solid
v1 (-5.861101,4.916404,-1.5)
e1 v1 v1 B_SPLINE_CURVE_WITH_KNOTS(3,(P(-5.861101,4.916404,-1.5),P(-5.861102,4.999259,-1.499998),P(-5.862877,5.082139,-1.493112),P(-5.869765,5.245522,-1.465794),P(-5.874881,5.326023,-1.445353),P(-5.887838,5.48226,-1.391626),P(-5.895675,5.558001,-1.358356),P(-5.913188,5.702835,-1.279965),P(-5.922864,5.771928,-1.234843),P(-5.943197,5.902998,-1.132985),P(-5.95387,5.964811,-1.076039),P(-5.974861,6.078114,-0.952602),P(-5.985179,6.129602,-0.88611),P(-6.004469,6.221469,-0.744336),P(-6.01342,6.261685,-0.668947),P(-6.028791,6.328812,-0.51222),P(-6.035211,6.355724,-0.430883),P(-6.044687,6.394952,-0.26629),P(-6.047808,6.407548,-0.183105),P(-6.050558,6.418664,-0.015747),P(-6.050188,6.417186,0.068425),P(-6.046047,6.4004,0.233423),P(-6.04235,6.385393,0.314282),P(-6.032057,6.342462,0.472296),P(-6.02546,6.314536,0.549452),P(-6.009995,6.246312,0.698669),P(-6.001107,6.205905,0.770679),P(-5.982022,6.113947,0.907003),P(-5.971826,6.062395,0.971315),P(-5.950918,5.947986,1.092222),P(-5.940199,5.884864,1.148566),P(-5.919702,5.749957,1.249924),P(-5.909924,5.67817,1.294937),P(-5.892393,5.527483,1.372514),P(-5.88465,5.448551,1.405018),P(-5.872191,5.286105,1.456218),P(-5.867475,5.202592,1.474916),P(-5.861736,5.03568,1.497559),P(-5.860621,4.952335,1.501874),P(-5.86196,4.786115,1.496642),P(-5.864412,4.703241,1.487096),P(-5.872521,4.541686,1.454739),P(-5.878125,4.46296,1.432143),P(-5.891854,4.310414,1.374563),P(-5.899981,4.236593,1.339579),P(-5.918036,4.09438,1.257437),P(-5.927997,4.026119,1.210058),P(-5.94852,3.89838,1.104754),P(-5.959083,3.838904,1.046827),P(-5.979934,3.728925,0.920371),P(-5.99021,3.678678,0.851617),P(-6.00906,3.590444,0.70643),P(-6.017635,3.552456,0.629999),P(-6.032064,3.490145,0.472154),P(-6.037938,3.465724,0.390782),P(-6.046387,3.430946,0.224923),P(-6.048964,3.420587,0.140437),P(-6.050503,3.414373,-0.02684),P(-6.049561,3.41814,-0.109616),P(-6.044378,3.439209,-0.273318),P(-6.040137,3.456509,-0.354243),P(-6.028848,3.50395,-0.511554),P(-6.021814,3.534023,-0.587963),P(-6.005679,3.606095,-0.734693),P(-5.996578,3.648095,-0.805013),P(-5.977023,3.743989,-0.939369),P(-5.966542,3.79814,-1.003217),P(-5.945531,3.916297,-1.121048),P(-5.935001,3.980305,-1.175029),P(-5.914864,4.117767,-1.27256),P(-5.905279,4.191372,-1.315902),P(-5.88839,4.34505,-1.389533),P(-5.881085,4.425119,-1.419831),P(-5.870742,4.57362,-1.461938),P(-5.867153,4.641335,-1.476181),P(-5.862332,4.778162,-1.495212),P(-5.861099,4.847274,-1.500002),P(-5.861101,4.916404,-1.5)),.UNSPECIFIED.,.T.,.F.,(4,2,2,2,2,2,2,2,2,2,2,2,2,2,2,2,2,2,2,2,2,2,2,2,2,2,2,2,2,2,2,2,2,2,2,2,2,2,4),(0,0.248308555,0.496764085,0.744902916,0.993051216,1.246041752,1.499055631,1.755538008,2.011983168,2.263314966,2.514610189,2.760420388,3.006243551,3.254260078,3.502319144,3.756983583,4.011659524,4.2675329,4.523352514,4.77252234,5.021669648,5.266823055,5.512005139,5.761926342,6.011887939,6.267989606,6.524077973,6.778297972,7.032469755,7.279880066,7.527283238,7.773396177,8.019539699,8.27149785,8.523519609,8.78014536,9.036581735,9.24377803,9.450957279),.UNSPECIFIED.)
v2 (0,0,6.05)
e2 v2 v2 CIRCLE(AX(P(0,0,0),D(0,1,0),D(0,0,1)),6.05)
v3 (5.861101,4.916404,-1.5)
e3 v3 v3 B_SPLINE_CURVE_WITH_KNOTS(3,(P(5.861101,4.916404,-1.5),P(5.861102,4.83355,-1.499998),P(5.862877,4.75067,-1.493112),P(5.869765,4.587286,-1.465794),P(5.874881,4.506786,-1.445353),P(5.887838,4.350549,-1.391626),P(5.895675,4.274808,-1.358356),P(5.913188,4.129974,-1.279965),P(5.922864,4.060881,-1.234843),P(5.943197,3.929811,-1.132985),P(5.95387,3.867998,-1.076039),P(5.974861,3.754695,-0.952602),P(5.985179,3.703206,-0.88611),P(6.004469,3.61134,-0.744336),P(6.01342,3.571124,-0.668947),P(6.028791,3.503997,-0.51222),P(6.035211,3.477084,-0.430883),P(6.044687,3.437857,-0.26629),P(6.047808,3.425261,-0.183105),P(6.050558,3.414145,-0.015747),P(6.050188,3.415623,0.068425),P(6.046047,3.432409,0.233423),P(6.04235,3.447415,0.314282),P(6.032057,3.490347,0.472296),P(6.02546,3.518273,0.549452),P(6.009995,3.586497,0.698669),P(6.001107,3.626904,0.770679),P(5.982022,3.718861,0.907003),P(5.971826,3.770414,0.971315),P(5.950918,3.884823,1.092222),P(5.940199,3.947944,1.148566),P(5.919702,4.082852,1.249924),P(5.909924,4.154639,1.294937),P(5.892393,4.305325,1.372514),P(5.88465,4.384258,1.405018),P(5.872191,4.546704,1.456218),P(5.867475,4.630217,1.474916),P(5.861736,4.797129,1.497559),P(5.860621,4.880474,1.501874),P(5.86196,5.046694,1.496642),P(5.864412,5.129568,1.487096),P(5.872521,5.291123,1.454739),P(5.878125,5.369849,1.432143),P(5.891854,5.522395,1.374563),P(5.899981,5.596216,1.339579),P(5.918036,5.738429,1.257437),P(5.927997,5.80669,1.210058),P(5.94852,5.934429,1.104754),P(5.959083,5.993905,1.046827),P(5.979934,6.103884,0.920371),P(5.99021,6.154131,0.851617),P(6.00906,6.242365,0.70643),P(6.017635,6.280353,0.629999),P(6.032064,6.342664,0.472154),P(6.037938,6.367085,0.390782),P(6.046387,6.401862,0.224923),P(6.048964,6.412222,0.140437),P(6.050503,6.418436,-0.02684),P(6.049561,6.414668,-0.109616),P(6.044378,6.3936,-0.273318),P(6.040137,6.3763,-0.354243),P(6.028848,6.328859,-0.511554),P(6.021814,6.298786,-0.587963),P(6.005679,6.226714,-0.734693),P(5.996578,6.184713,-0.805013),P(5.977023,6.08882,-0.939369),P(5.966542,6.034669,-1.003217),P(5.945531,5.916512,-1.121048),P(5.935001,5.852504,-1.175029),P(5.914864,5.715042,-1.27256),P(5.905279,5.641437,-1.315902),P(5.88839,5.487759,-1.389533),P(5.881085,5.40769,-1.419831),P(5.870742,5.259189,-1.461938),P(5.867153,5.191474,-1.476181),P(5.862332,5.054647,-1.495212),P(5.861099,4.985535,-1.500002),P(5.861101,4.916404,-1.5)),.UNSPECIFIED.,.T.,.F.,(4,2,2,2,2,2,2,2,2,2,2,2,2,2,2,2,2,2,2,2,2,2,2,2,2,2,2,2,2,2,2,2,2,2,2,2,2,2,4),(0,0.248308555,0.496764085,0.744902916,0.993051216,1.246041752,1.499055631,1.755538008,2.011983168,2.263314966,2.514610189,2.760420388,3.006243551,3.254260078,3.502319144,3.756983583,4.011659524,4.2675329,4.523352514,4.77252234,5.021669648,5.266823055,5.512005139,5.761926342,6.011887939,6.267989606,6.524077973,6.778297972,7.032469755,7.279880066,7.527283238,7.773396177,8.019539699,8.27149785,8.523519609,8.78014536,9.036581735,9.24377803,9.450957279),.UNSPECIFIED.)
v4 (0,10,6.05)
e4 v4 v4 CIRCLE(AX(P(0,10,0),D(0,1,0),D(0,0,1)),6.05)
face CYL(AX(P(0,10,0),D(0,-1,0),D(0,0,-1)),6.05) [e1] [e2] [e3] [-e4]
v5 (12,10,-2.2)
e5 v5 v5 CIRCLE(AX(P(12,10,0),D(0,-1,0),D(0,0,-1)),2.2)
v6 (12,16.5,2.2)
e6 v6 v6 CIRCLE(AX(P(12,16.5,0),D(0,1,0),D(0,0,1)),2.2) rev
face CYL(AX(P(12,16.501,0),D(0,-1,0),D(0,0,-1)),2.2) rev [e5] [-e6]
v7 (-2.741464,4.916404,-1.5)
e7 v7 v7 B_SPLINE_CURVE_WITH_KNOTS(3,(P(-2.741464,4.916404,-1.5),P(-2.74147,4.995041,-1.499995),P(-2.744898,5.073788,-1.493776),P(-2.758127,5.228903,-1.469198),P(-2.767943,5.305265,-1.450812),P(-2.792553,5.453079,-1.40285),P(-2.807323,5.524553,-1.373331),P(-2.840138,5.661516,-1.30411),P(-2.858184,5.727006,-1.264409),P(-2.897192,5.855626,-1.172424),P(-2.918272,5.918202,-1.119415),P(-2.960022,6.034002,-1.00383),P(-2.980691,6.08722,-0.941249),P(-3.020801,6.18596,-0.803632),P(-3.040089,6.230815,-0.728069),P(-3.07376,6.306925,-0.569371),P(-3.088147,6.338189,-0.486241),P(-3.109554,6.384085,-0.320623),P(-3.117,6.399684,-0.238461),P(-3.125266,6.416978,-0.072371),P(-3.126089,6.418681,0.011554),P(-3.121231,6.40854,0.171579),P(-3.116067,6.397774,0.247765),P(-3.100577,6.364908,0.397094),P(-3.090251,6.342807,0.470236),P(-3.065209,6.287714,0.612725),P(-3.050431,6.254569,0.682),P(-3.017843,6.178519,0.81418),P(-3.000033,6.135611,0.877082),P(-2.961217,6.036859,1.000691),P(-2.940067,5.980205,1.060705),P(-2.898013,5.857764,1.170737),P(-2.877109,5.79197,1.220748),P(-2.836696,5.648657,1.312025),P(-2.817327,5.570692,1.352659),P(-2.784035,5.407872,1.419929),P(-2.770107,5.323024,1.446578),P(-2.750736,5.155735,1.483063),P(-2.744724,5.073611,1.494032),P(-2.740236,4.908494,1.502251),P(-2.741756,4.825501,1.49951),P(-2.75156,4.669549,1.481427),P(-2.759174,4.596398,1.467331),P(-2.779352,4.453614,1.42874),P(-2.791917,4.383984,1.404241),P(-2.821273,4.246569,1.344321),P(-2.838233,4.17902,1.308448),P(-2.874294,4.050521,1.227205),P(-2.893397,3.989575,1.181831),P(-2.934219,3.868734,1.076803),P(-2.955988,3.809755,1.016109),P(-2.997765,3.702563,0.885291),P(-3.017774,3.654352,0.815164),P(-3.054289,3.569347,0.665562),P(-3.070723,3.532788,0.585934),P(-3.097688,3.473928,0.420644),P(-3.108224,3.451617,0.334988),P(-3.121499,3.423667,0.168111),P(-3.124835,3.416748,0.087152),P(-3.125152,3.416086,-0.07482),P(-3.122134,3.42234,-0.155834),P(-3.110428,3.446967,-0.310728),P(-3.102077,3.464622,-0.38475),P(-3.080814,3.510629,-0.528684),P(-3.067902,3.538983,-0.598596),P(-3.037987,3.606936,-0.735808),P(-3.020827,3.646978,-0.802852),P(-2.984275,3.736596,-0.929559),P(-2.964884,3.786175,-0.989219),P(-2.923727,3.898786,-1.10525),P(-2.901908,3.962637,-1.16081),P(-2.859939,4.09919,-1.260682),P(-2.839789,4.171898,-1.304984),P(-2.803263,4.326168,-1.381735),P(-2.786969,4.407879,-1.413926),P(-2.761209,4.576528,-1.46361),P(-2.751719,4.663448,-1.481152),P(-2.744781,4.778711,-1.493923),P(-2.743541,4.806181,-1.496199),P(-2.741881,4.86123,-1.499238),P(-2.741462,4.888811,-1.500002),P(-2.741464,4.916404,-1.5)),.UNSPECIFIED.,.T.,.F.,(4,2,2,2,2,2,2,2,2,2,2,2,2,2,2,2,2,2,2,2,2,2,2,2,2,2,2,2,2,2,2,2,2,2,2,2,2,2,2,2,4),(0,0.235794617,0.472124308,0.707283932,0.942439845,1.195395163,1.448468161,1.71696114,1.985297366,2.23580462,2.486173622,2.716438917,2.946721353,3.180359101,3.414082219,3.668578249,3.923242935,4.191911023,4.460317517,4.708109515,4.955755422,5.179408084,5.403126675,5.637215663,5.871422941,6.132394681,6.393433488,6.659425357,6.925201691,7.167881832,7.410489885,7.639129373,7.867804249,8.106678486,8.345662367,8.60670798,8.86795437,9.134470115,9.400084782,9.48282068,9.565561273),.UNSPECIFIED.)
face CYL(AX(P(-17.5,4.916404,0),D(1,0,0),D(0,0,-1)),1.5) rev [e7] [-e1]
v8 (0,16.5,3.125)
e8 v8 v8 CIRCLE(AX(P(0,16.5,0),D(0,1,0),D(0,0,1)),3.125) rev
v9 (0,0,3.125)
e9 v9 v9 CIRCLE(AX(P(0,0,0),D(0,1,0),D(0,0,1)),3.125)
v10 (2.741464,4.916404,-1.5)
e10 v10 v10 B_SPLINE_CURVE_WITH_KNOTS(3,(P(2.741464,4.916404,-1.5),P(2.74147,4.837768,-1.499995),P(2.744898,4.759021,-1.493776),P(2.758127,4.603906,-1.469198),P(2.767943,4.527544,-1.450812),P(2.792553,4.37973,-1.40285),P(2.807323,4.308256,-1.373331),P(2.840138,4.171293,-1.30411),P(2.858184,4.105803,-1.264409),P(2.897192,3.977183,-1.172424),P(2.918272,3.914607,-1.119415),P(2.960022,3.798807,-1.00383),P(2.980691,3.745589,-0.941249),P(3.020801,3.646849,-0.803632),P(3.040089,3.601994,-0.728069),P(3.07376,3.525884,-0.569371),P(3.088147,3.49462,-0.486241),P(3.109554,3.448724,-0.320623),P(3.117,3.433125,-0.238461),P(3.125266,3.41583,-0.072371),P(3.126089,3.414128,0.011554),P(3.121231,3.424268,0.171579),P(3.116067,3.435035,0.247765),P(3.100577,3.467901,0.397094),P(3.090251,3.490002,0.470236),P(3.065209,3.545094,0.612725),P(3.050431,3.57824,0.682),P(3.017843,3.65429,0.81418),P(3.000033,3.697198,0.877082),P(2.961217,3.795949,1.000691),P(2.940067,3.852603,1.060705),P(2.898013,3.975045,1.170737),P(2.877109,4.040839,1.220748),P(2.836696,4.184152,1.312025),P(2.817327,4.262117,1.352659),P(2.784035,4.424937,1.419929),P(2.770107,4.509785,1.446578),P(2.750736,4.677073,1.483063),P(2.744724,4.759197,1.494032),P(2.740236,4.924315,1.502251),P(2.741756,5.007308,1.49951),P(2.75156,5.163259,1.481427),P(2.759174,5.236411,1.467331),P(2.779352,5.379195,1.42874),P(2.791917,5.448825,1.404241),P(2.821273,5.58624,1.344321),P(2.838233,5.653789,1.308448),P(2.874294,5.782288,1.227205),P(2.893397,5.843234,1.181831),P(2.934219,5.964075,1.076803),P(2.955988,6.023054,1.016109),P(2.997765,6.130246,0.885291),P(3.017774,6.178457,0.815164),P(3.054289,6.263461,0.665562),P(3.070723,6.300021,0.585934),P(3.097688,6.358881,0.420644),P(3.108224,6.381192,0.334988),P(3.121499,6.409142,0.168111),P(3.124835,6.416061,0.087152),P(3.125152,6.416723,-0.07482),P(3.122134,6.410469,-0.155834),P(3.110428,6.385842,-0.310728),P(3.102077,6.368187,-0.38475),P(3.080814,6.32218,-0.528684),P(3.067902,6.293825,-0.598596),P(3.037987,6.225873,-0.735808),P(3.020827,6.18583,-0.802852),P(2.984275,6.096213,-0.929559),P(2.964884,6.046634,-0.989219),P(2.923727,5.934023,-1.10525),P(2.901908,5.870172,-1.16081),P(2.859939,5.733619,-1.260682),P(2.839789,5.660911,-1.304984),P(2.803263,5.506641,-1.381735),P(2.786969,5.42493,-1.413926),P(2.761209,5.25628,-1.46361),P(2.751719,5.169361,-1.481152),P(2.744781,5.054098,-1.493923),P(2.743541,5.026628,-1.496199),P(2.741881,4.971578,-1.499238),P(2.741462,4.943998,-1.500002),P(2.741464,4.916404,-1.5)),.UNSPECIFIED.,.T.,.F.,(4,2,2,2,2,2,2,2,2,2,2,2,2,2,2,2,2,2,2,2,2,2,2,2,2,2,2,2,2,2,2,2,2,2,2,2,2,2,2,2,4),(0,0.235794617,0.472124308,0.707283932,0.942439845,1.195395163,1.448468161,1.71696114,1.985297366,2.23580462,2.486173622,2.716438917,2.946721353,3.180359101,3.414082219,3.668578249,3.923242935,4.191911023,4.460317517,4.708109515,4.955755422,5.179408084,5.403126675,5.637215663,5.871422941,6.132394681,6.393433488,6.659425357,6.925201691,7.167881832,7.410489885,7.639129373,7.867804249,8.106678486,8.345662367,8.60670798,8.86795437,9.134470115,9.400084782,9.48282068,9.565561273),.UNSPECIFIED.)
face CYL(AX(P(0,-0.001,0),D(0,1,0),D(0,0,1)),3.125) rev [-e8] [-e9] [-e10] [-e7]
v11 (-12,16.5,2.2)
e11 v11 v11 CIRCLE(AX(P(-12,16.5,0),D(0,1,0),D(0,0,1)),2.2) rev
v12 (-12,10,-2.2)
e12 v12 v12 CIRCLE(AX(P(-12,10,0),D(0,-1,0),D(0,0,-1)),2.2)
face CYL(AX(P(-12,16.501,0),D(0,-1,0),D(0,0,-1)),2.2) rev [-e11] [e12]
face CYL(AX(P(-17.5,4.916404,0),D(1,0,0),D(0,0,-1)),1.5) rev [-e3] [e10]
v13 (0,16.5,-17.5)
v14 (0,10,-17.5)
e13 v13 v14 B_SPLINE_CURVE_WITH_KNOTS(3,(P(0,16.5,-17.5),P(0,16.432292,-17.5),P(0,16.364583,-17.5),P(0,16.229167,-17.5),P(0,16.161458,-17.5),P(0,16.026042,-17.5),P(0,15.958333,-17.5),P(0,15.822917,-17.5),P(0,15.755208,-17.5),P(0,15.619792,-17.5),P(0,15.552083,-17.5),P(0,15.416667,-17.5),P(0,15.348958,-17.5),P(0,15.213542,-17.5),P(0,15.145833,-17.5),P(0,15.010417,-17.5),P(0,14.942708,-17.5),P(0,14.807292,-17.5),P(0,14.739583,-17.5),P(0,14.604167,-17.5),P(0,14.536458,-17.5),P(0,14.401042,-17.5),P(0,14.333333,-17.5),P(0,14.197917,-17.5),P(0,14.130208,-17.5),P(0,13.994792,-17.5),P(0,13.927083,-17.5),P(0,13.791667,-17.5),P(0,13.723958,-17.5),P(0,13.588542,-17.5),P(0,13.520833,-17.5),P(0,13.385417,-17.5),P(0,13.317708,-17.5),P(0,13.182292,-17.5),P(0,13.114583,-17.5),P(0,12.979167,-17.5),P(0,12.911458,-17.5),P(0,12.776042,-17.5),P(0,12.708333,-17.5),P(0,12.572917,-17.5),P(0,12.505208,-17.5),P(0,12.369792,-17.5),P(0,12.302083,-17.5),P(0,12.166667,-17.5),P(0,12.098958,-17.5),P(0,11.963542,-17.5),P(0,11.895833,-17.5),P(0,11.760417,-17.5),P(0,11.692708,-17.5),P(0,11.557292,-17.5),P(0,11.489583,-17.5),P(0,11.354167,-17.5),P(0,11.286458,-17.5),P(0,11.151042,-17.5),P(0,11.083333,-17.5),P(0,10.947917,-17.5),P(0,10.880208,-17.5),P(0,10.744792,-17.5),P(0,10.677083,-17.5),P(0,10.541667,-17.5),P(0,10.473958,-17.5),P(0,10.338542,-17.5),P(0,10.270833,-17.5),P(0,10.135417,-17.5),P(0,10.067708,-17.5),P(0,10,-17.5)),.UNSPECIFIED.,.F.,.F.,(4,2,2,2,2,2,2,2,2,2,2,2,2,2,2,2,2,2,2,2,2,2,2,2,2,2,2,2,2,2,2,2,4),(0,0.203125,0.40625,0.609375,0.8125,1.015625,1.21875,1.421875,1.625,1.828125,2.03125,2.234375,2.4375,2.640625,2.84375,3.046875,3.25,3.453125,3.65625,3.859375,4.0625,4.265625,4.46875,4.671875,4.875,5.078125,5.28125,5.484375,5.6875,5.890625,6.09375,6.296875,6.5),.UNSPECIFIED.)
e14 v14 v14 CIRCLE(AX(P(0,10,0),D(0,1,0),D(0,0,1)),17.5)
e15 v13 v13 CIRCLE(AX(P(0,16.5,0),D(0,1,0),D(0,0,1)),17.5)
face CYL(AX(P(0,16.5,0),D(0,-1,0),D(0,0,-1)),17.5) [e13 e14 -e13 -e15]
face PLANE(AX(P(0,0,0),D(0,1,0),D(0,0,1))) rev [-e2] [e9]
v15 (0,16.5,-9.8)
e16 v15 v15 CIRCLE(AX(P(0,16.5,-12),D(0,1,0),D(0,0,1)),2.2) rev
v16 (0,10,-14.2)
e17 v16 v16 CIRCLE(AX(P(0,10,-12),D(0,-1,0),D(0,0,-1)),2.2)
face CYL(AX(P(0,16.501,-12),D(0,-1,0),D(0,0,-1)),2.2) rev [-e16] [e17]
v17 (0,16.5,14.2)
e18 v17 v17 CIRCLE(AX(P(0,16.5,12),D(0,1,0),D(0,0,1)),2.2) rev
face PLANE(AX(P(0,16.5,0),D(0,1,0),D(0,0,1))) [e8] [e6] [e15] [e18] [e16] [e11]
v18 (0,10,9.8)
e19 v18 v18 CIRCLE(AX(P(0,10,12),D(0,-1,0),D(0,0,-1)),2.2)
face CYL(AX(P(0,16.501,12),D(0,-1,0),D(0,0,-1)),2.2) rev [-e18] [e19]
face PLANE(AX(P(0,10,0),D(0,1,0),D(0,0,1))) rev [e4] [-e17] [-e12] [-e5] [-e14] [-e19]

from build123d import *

# Parameters (mm, degrees)
SKETCH1_R                      = 6.05
SKETCH1_R_2                    = 3.05
BOSS_EXTRUDE1_DEPTH            = 10
SKETCH2_R                      = 17.5
BOSS_EXTRUDE2_DEPTH            = 6.5
CUT_EXTRUDE1_REACH             = 28.693
SKETCH3_R                      = 2.2
CUT_EXTRUDE2_DEPTH             = 30.744747435
CUT_EXTRUDE2_DEPTH_BACK        = 30.744747435
SKETCH4_R                      = 1.5
CUT_EXTRUDE3_REACH             = 28.693
SKETCH6_R                      = 3.125
CUT_EXTRUDE3_DIRECTION_2_REACH = 28.693


with BuildPart() as part:
    # Sketch1 → Boss-Extrude1 (new body)
    with BuildSketch(Plane(origin=(0, 0, 0), x_dir=(1, 0, 0), z_dir=(0, 1, 0))):
        with Locations(Location((0, 0, 0), (0, 0, 270))):
            Circle(SKETCH1_R)
        with Locations(Location((0, 0, 0), (0, 0, 270))):
            Circle(SKETCH1_R_2, mode=Mode.SUBTRACT)
    extrude(amount=BOSS_EXTRUDE1_DEPTH)

    # Sketch2 → Boss-Extrude2 (add)
    with BuildSketch(Plane(origin=(0, 10, 0), x_dir=(1, 0, 0), z_dir=(0, 1, 0))):
        with Locations(Location((0, 0, 0), (0, 0, 90))):
            Circle(SKETCH2_R)
    extrude(amount=BOSS_EXTRUDE2_DEPTH)

    # Sketch3 → Cut-Extrude1 (cut, up to next)
    with BuildSketch(Plane.XZ.offset(-10), mode=Mode.PRIVATE) as cut_extrude1_sk1:
        with Locations(Location((12, 0, 0), (0, 0, 270))):
            Circle(SKETCH3_R)
    cut_extrude1_tool1 = extrude(cut_extrude1_sk1.sketch, amount=-CUT_EXTRUDE1_REACH, mode=Mode.PRIVATE) & part.part
    # Sketch3 → Cut-Extrude1 (cut, up to next)
    with BuildSketch(Plane.XZ.offset(-10), mode=Mode.PRIVATE) as cut_extrude1_sk2:
        with Locations(Location((0, -12, 0), (0, 0, 270))):
            Circle(SKETCH3_R)
    cut_extrude1_tool2 = extrude(cut_extrude1_sk2.sketch, amount=-CUT_EXTRUDE1_REACH, mode=Mode.PRIVATE) & part.part
    # Sketch3 → Cut-Extrude1 (cut, up to next)
    with BuildSketch(Plane.XZ.offset(-10), mode=Mode.PRIVATE) as cut_extrude1_sk3:
        with Locations(Location((-12, 0, 0), (0, 0, 270))):
            Circle(SKETCH3_R)
    cut_extrude1_tool3 = extrude(cut_extrude1_sk3.sketch, amount=-CUT_EXTRUDE1_REACH, mode=Mode.PRIVATE) & part.part
    # Sketch3 → Cut-Extrude1 (cut, up to next)
    with BuildSketch(Plane.XZ.offset(-10), mode=Mode.PRIVATE) as cut_extrude1_sk4:
        with Locations(Location((0, 12, 0), (0, 0, 270))):
            Circle(SKETCH3_R)
    cut_extrude1_tool4 = extrude(cut_extrude1_sk4.sketch, amount=-CUT_EXTRUDE1_REACH, mode=Mode.PRIVATE) & part.part
    add(cut_extrude1_tool1.solids().sort_by_distance((12, 10, 0))[0], mode=Mode.SUBTRACT)
    add(cut_extrude1_tool2.solids().sort_by_distance((0, 10, -12))[0], mode=Mode.SUBTRACT)
    add(cut_extrude1_tool3.solids().sort_by_distance((-12, 10, 0))[0], mode=Mode.SUBTRACT)
    add(cut_extrude1_tool4.solids().sort_by_distance((0, 10, 12))[0], mode=Mode.SUBTRACT)

    # Sketch4 → Cut-Extrude2 (cut, two sides: drawn at the far end of the back side and taken through both)
    with BuildSketch(Plane(origin=(0, 0, 0), x_dir=(0, 0, -1), z_dir=(1, 0, 0)).offset(-CUT_EXTRUDE2_DEPTH_BACK)):
        with Locations((0, 4.916404418)):
            Circle(SKETCH4_R)
    extrude(amount=CUT_EXTRUDE2_DEPTH + CUT_EXTRUDE2_DEPTH_BACK, mode=Mode.SUBTRACT)

    # Sketch6 → Cut-Extrude3 (cut, up to next)
    with BuildSketch(Plane(origin=(0, 10, 0), x_dir=(-1, 0, 0), z_dir=(0, -1, 0)), mode=Mode.PRIVATE) as cut_extrude3_sk1:
        with Locations(Location((0, 0, 0), (0, 0, 270))):
            Circle(SKETCH6_R)
    cut_extrude3_tool1 = extrude(cut_extrude3_sk1.sketch, amount=-CUT_EXTRUDE3_REACH, mode=Mode.PRIVATE) & part.part
    add(cut_extrude3_tool1.solids().sort_by_distance((0, 10, 0))[0], mode=Mode.SUBTRACT)

    # Sketch6 → Cut-Extrude3 direction 2 (cut, up to next)
    with BuildSketch(Plane(origin=(0, 10, 0), x_dir=(-1, 0, 0), z_dir=(0, -1, 0)), mode=Mode.PRIVATE) as cut_extrude3_direction_2_sk1:
        with Locations(Location((0, 0, 0), (0, 0, 270))):
            Circle(SKETCH6_R)
    cut_extrude3_direction_2_tool1 = extrude(cut_extrude3_direction_2_sk1.sketch, amount=CUT_EXTRUDE3_DIRECTION_2_REACH, mode=Mode.PRIVATE) & part.part
    add(cut_extrude3_direction_2_tool1.solids().sort_by_distance((0, 10, 0))[0], mode=Mode.SUBTRACT)


solid = part.part
